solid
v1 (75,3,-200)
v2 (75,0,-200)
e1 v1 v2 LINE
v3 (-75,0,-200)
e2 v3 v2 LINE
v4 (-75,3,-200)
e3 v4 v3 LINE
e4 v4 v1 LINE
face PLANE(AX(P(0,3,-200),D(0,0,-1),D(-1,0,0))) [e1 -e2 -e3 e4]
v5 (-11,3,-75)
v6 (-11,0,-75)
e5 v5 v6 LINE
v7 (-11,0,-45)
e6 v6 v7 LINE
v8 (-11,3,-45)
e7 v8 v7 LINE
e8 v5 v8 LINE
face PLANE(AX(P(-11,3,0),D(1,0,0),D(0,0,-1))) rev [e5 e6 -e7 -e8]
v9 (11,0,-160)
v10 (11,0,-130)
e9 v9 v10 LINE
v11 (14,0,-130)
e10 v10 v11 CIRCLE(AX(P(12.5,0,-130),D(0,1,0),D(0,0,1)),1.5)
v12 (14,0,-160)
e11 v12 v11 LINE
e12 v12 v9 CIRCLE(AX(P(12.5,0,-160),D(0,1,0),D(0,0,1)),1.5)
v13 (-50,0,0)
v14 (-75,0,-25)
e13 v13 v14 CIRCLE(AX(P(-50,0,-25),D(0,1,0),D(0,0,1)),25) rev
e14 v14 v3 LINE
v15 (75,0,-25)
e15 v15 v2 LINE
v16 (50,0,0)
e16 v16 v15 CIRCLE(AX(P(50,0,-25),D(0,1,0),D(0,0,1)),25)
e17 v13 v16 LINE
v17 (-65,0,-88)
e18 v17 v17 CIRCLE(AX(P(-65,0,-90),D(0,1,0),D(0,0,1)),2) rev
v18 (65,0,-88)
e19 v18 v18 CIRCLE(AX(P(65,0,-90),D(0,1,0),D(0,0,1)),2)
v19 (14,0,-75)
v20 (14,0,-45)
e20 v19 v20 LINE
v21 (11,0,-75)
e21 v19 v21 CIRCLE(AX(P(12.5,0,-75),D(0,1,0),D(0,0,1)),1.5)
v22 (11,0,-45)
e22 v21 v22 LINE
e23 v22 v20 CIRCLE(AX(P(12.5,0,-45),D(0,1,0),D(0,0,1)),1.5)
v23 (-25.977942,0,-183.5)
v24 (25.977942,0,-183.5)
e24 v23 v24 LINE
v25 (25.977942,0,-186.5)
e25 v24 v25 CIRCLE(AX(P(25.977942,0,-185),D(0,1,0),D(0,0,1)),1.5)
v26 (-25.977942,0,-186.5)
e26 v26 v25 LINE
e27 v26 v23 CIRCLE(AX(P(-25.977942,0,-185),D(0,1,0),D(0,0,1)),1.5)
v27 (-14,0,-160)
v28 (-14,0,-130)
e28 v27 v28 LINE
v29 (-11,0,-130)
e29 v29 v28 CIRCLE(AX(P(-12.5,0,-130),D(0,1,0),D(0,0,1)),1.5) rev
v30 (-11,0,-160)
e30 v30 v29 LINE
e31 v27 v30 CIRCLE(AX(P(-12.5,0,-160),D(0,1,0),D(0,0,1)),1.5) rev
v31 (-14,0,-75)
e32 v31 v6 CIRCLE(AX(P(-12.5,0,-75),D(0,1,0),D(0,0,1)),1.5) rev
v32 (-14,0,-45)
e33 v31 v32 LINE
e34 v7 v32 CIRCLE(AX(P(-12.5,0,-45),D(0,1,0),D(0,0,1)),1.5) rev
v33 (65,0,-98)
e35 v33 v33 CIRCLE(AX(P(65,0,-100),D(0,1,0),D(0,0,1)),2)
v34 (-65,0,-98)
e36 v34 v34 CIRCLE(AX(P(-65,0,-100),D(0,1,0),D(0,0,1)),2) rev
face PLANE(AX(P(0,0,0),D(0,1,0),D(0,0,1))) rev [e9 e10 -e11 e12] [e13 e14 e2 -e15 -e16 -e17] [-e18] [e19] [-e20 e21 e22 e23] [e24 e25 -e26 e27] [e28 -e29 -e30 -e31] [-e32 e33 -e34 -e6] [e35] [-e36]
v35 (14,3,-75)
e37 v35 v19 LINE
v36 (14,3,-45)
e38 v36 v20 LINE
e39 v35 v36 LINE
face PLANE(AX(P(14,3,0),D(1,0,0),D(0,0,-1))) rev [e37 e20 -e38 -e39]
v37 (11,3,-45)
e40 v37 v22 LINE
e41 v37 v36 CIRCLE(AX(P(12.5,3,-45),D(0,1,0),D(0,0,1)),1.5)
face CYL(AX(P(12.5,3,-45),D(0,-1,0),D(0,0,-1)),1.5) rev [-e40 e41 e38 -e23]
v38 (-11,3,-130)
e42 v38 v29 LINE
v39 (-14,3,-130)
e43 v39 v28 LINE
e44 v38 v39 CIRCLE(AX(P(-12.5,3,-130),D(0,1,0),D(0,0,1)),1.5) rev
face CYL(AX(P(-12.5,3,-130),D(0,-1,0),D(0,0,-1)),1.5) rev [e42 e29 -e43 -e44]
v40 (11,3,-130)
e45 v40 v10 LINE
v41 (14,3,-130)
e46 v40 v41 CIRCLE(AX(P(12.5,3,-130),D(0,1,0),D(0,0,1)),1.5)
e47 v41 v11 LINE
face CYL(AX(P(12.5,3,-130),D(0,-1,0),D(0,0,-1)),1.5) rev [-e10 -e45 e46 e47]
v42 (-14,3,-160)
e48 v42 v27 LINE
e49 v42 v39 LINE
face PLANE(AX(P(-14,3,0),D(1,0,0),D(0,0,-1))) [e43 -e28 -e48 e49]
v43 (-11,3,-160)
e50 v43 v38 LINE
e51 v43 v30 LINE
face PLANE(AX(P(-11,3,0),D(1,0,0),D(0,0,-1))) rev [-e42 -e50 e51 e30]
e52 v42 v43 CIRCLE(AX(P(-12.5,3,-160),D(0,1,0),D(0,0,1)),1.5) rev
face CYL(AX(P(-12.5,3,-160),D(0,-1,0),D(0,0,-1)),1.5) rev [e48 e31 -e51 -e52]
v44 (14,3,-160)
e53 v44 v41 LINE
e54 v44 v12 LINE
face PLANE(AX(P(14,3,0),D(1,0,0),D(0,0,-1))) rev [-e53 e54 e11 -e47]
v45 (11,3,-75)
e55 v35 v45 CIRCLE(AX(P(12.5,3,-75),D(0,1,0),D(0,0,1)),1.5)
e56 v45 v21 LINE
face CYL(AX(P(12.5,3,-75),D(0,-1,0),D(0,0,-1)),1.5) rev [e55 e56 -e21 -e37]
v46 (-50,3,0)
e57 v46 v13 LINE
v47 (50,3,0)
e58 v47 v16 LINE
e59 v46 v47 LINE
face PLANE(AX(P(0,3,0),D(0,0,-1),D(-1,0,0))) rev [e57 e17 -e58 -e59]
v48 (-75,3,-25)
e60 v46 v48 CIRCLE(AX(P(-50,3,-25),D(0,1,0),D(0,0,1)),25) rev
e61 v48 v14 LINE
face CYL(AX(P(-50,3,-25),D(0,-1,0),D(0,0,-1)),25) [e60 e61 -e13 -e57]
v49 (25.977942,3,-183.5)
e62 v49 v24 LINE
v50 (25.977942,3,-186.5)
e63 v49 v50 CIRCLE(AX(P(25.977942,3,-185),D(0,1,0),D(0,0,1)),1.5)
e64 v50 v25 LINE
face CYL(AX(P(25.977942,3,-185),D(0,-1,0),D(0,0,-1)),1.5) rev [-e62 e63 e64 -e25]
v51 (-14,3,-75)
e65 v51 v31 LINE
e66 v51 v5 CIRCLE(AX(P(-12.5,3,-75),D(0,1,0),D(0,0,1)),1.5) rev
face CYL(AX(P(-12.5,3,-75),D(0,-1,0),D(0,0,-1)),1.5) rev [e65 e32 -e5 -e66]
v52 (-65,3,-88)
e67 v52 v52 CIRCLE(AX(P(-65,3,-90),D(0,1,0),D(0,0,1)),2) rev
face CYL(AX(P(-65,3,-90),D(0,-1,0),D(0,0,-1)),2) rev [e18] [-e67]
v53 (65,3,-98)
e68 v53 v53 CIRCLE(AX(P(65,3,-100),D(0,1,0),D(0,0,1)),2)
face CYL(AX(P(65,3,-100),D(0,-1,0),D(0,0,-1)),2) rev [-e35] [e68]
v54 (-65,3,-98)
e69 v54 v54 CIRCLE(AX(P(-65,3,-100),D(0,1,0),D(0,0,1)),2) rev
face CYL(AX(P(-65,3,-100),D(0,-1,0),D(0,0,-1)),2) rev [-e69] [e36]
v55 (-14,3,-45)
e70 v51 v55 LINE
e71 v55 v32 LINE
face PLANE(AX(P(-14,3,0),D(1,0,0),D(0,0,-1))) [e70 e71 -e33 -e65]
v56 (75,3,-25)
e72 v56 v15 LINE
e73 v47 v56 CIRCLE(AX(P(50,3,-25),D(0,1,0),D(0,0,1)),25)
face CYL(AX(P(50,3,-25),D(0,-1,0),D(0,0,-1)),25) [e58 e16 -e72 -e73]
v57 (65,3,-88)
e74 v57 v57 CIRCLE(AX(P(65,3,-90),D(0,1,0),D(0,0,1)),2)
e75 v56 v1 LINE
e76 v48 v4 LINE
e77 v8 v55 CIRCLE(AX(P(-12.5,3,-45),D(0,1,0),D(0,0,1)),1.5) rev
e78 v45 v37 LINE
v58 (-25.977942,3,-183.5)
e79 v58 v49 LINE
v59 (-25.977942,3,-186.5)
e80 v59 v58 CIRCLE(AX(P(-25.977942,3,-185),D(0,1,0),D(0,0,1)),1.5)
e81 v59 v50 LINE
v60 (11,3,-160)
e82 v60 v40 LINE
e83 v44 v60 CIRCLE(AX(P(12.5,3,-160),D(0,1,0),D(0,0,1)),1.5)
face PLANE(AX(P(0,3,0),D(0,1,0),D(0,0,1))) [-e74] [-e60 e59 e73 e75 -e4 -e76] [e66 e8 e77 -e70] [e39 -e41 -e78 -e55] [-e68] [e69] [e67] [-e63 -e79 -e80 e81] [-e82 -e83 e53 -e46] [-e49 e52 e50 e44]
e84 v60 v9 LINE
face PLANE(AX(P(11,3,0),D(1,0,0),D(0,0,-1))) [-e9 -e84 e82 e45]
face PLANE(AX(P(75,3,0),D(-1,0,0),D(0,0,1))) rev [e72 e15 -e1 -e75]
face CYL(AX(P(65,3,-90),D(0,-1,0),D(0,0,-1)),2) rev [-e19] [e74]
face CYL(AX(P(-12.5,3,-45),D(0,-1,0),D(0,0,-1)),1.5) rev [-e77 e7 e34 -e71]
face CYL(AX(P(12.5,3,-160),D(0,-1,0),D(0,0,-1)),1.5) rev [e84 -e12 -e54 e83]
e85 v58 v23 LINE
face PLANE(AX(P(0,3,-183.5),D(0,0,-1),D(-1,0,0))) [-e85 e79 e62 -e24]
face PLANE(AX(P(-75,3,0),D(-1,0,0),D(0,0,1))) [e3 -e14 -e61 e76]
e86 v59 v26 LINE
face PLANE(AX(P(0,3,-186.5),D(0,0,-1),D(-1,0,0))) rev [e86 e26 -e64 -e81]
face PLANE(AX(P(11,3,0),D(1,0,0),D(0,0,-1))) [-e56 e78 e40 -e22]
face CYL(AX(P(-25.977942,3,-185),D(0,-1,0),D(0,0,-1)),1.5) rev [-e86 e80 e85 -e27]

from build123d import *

# Parameters (mm, degrees)
SKETCH1_R           = 2
BOSS_EXTRUDE1_DEPTH = 3


with BuildPart() as part:
    # Sketch1 → Boss-Extrude1 (new body)
    with BuildSketch(Plane(origin=(0, 0, 0), x_dir=(1, 0, 0), z_dir=(0, 1, 0))):
        with BuildLine():
            Line((-50, 0), (50, 0))
            ThreePointArc((50, 0), (67.67766953, 7.32233047), (75, 25))
            Line((75, 25), (75, 200))
            Line((75, 200), (-75, 200))
            Line((-75, 200), (-75, 25))
            ThreePointArc((-75, 25), (-67.67766953, 7.32233047), (-50, 0))
        make_face()
        with Locations(Location((65, 100, 0), (0, 0, 270))):
            Circle(SKETCH1_R, mode=Mode.SUBTRACT)
        with Locations(Location((65, 90, 0), (0, 0, 270))):
            Circle(SKETCH1_R, mode=Mode.SUBTRACT)
        with Locations(Location((-65, 90, 0), (0, 0, 270))):
            Circle(SKETCH1_R, mode=Mode.SUBTRACT)
        with Locations(Location((-65, 100, 0), (0, 0, 270))):
            Circle(SKETCH1_R, mode=Mode.SUBTRACT)
        with BuildLine():
            Line((-25.977942191, 186.5), (25.977942191, 186.5))
            ThreePointArc((25.977942191, 186.5), (27.477942191, 185), (25.977942191, 183.5))
            Line((25.977942191, 183.5), (-25.977942191, 183.5))
            ThreePointArc((-25.977942191, 183.5), (-27.477942191, 185), (-25.977942191, 186.5))
        make_face(mode=Mode.SUBTRACT)
        with BuildLine():
            Line((14, 160), (14, 130))
            ThreePointArc((14, 130), (12.5, 128.5), (11, 130))
            Line((11, 130), (11, 160))
            ThreePointArc((11, 160), (12.5, 161.5), (14, 160))
        make_face(mode=Mode.SUBTRACT)
        with BuildLine():
            Line((14, 75), (14, 45))
            ThreePointArc((14, 45), (12.5, 43.5), (11, 45))
            Line((11, 45), (11, 75))
            ThreePointArc((11, 75), (12.5, 76.5), (14, 75))
        make_face(mode=Mode.SUBTRACT)
        with BuildLine():
            Line((-14, 75), (-14, 45))
            ThreePointArc((-14, 45), (-12.5, 43.5), (-11, 45))
            Line((-11, 45), (-11, 75))
            ThreePointArc((-11, 75), (-12.5, 76.5), (-14, 75))
        make_face(mode=Mode.SUBTRACT)
        with BuildLine():
            Line((-14, 160), (-14, 130))
            ThreePointArc((-14, 130), (-12.5, 128.5), (-11, 130))
            Line((-11, 130), (-11, 160))
            ThreePointArc((-11, 160), (-12.5, 161.5), (-14, 160))
        make_face(mode=Mode.SUBTRACT)
    extrude(amount=BOSS_EXTRUDE1_DEPTH)


solid = part.part
